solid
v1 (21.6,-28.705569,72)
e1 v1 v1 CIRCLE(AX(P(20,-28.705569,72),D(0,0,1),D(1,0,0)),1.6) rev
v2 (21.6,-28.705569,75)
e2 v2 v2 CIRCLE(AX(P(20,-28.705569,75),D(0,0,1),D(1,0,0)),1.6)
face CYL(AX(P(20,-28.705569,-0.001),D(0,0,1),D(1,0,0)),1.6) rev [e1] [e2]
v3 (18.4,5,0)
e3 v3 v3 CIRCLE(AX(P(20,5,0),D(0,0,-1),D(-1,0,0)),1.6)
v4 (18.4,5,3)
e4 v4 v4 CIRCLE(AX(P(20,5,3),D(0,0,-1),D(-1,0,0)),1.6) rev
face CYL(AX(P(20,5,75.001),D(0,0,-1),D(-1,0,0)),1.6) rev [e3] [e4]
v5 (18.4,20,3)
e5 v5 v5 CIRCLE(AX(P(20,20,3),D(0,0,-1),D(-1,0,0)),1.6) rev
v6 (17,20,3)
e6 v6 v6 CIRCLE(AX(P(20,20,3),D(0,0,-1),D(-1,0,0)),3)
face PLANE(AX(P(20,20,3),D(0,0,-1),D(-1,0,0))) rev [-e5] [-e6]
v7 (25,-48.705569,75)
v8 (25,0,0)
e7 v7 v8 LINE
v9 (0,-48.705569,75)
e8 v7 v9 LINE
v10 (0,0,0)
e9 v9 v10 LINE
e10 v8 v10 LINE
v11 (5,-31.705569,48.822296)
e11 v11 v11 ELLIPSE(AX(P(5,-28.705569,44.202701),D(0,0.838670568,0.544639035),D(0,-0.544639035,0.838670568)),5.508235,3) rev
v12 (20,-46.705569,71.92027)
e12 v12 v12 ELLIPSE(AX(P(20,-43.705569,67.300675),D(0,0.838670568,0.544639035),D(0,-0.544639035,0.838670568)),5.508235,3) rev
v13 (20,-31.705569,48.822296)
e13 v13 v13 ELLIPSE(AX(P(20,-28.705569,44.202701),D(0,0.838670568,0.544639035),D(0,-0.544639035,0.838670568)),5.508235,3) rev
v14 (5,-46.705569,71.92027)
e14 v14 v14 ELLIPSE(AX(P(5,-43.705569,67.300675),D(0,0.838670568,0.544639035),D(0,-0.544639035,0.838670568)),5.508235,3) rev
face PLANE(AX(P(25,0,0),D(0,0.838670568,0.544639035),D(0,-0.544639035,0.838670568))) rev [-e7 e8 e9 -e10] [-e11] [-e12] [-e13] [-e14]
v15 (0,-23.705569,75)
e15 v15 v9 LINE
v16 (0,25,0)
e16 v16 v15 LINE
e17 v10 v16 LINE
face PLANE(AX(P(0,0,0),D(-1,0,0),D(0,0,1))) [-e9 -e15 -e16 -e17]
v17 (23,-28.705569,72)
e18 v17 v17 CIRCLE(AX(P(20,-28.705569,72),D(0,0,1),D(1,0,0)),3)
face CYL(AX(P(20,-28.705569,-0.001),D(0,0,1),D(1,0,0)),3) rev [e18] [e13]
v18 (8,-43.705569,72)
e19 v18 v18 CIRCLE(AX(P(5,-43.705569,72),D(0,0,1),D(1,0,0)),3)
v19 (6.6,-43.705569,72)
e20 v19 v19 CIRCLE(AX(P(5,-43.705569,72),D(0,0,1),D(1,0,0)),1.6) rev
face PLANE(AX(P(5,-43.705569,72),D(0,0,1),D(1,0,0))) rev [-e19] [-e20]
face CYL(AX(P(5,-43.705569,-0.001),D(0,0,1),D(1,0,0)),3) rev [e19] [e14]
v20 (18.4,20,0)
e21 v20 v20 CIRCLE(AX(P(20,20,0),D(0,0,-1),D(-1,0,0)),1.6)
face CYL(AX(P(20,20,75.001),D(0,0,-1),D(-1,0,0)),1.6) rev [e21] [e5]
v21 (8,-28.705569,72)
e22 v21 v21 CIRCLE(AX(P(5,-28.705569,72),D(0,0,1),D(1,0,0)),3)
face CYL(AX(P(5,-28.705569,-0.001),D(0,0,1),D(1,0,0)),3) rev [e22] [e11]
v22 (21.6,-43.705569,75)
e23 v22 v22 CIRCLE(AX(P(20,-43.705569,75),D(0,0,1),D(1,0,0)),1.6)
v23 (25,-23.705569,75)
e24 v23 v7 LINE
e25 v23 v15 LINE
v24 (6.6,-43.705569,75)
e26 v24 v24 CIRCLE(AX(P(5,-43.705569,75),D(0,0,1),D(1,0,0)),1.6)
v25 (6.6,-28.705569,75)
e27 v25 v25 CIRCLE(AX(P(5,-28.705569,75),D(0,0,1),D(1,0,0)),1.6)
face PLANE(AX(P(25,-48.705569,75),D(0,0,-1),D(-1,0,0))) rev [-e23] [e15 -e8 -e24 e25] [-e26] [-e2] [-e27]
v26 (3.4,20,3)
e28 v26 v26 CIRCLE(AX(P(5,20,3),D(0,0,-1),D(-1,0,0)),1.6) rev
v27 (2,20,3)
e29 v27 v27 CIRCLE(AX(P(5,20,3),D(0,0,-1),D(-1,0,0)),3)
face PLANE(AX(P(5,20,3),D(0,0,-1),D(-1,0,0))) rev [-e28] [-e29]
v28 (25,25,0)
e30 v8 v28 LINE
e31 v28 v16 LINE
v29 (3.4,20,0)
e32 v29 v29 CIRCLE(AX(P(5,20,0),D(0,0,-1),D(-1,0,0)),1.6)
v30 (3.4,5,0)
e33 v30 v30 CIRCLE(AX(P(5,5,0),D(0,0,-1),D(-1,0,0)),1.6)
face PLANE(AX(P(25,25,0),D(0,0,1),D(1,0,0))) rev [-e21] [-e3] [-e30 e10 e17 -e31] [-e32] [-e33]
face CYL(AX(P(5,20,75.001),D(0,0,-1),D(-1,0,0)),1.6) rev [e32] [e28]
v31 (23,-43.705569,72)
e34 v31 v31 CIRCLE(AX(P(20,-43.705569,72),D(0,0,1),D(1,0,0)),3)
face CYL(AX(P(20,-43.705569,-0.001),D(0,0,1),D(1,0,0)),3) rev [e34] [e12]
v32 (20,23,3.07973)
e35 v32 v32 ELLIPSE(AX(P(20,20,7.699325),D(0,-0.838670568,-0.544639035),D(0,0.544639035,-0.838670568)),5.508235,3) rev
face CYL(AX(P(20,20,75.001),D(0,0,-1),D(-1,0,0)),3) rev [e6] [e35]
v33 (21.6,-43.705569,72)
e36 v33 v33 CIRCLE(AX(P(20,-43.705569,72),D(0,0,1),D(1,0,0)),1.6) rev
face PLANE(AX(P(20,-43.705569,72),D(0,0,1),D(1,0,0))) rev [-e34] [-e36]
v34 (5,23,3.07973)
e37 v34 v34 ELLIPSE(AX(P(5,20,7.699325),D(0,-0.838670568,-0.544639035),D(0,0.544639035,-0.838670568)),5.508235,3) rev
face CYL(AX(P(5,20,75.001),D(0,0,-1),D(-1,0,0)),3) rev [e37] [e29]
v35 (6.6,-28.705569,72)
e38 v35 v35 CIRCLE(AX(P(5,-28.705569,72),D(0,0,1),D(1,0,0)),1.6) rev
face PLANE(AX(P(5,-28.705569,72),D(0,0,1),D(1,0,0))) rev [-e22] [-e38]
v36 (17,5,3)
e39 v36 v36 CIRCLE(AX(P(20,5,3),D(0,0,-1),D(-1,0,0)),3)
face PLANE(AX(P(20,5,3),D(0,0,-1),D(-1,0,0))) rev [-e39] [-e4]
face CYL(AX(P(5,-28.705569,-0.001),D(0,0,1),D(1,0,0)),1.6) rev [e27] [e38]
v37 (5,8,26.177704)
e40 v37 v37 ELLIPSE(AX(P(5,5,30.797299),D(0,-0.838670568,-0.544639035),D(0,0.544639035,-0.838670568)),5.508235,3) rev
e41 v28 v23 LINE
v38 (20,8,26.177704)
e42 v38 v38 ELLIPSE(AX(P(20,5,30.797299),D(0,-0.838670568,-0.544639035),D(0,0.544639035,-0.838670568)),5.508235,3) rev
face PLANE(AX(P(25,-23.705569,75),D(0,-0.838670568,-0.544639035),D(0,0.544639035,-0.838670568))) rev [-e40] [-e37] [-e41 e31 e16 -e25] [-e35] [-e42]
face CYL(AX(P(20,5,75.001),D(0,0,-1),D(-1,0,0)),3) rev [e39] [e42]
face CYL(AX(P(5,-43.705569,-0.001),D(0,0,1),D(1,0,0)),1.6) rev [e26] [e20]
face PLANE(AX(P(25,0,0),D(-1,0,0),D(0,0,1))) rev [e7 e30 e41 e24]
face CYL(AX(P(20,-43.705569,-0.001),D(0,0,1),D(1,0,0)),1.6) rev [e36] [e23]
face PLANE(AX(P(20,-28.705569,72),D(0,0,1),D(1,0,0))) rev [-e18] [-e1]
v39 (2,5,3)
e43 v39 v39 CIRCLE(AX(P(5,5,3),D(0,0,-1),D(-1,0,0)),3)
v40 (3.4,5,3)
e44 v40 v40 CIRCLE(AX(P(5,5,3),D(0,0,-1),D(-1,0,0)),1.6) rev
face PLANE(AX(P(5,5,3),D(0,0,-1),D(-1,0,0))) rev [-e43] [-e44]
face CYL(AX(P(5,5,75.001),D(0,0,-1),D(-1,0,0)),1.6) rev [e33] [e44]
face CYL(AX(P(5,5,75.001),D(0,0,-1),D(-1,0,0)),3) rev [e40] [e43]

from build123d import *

# Parameters (mm, degrees)
BOSS_EXTRUDE1_DEPTH = 25
CUT_EXTRUDE7_REACH  = 97.856
CUT_EXTRUDE7_START  = -3
SKETCH3_R           = 3
SKETCH3_R_2         = 1.6
CUT_EXTRUDE8_REACH  = 94.856
SKETCH3_3_R         = 1.6
CUT_EXTRUDE9_REACH  = 97.856
CUT_EXTRUDE9_START  = -3
SKETCH4_R           = 3
SKETCH4_R_2         = 1.6
CUT_EXTRUDE10_REACH = 94.856
SKETCH4_2_R         = 1.6


with BuildPart() as part:
    # Sketch1 → Boss-Extrude1 (new body)
    with BuildSketch(Plane(origin=(0, 0, 0), x_dir=(0, 0, -1), z_dir=(1, 0, 0))):
        Polygon((0, 0), (-75, -48.70556949), (-75, -23.70556949), (0, 25), align=None)
    extrude(amount=BOSS_EXTRUDE1_DEPTH)

    # Sketch3 → Cut-Extrude7 (cut, up to next)
    with BuildSketch(Plane(origin=(0, 0, 0), x_dir=(-1, 0, 0), z_dir=(0, 0, -1)).offset(CUT_EXTRUDE7_START), mode=Mode.PRIVATE) as cut_extrude7_sk1:
        with Locations((-20, 20)):
            Circle(SKETCH3_R)
        with Locations((-20, 20)):
            Circle(SKETCH3_R_2, mode=Mode.SUBTRACT)
    cut_extrude7_tool1 = extrude(cut_extrude7_sk1.sketch, amount=-CUT_EXTRUDE7_REACH, mode=Mode.PRIVATE) & part.part
    # Sketch3 → Cut-Extrude7 (cut, up to next)
    with BuildSketch(Plane(origin=(0, 0, 0), x_dir=(-1, 0, 0), z_dir=(0, 0, -1)).offset(CUT_EXTRUDE7_START), mode=Mode.PRIVATE) as cut_extrude7_sk2:
        with Locations((-20, 5)):
            Circle(SKETCH3_R)
        with Locations((-20, 5)):
            Circle(SKETCH3_R_2, mode=Mode.SUBTRACT)
    cut_extrude7_tool2 = extrude(cut_extrude7_sk2.sketch, amount=-CUT_EXTRUDE7_REACH, mode=Mode.PRIVATE) & part.part
    # Sketch3 → Cut-Extrude7 (cut, up to next)
    with BuildSketch(Plane(origin=(0, 0, 0), x_dir=(-1, 0, 0), z_dir=(0, 0, -1)).offset(CUT_EXTRUDE7_START), mode=Mode.PRIVATE) as cut_extrude7_sk3:
        with Locations((-5, 5)):
            Circle(SKETCH3_R)
        with Locations((-5, 5)):
            Circle(SKETCH3_R_2, mode=Mode.SUBTRACT)
    cut_extrude7_tool3 = extrude(cut_extrude7_sk3.sketch, amount=-CUT_EXTRUDE7_REACH, mode=Mode.PRIVATE) & part.part
    # Sketch3 → Cut-Extrude7 (cut, up to next)
    with BuildSketch(Plane(origin=(0, 0, 0), x_dir=(-1, 0, 0), z_dir=(0, 0, -1)).offset(CUT_EXTRUDE7_START), mode=Mode.PRIVATE) as cut_extrude7_sk4:
        with Locations((-5, 20)):
            Circle(SKETCH3_R)
        with Locations((-5, 20)):
            Circle(SKETCH3_R_2, mode=Mode.SUBTRACT)
    cut_extrude7_tool4 = extrude(cut_extrude7_sk4.sketch, amount=-CUT_EXTRUDE7_REACH, mode=Mode.PRIVATE) & part.part
    add(cut_extrude7_tool1.solids().sort_by_distance((22.915147, 20, 3))[0], mode=Mode.SUBTRACT)
    add(cut_extrude7_tool2.solids().sort_by_distance((22.915147, 5, 3))[0], mode=Mode.SUBTRACT)
    add(cut_extrude7_tool3.solids().sort_by_distance((7.915147, 5, 3))[0], mode=Mode.SUBTRACT)
    add(cut_extrude7_tool4.solids().sort_by_distance((7.915147, 20, 3))[0], mode=Mode.SUBTRACT)

    # Sketch3<3> → Cut-Extrude8 (cut, up to next)
    with BuildSketch(Plane(origin=(0, 0, 0), x_dir=(-1, 0, 0), z_dir=(0, 0, -1)), mode=Mode.PRIVATE) as cut_extrude8_sk1:
        with Locations((-20, 20)):
            Circle(SKETCH3_3_R)
    cut_extrude8_tool1 = extrude(cut_extrude8_sk1.sketch, amount=-CUT_EXTRUDE8_REACH, mode=Mode.PRIVATE) & part.part
    # Sketch3<3> → Cut-Extrude8 (cut, up to next)
    with BuildSketch(Plane(origin=(0, 0, 0), x_dir=(-1, 0, 0), z_dir=(0, 0, -1)), mode=Mode.PRIVATE) as cut_extrude8_sk2:
        with Locations((-20, 5)):
            Circle(SKETCH3_3_R)
    cut_extrude8_tool2 = extrude(cut_extrude8_sk2.sketch, amount=-CUT_EXTRUDE8_REACH, mode=Mode.PRIVATE) & part.part
    # Sketch3<3> → Cut-Extrude8 (cut, up to next)
    with BuildSketch(Plane(origin=(0, 0, 0), x_dir=(-1, 0, 0), z_dir=(0, 0, -1)), mode=Mode.PRIVATE) as cut_extrude8_sk3:
        with Locations((-5, 5)):
            Circle(SKETCH3_3_R)
    cut_extrude8_tool3 = extrude(cut_extrude8_sk3.sketch, amount=-CUT_EXTRUDE8_REACH, mode=Mode.PRIVATE) & part.part
    # Sketch3<3> → Cut-Extrude8 (cut, up to next)
    with BuildSketch(Plane(origin=(0, 0, 0), x_dir=(-1, 0, 0), z_dir=(0, 0, -1)), mode=Mode.PRIVATE) as cut_extrude8_sk4:
        with Locations((-5, 20)):
            Circle(SKETCH3_3_R)
    cut_extrude8_tool4 = extrude(cut_extrude8_sk4.sketch, amount=-CUT_EXTRUDE8_REACH, mode=Mode.PRIVATE) & part.part
    add(cut_extrude8_tool1.solids().sort_by_distance((20, 20, 0))[0], mode=Mode.SUBTRACT)
    add(cut_extrude8_tool2.solids().sort_by_distance((20, 5, 0))[0], mode=Mode.SUBTRACT)
    add(cut_extrude8_tool3.solids().sort_by_distance((5, 5, 0))[0], mode=Mode.SUBTRACT)
    add(cut_extrude8_tool4.solids().sort_by_distance((5, 20, 0))[0], mode=Mode.SUBTRACT)

    # Sketch4 → Cut-Extrude9 (cut, up to next)
    with BuildSketch(Plane.XY.offset(75).offset(CUT_EXTRUDE9_START), mode=Mode.PRIVATE) as cut_extrude9_sk1:
        with Locations((5, -28.70556949)):
            Circle(SKETCH4_R)
        with Locations((5, -28.70556949)):
            Circle(SKETCH4_R_2, mode=Mode.SUBTRACT)
    cut_extrude9_tool1 = extrude(cut_extrude9_sk1.sketch, amount=-CUT_EXTRUDE9_REACH, mode=Mode.PRIVATE) & part.part
    # Sketch4 → Cut-Extrude9 (cut, up to next)
    with BuildSketch(Plane.XY.offset(75).offset(CUT_EXTRUDE9_START), mode=Mode.PRIVATE) as cut_extrude9_sk2:
        with Locations((5, -43.70556949)):
            Circle(SKETCH4_R)
        with Locations((5, -43.70556949)):
            Circle(SKETCH4_R_2, mode=Mode.SUBTRACT)
    cut_extrude9_tool2 = extrude(cut_extrude9_sk2.sketch, amount=-CUT_EXTRUDE9_REACH, mode=Mode.PRIVATE) & part.part
    # Sketch4 → Cut-Extrude9 (cut, up to next)
    with BuildSketch(Plane.XY.offset(75).offset(CUT_EXTRUDE9_START), mode=Mode.PRIVATE) as cut_extrude9_sk3:
        with Locations((20, -43.70556949)):
            Circle(SKETCH4_R)
        with Locations((20, -43.70556949)):
            Circle(SKETCH4_R_2, mode=Mode.SUBTRACT)
    cut_extrude9_tool3 = extrude(cut_extrude9_sk3.sketch, amount=-CUT_EXTRUDE9_REACH, mode=Mode.PRIVATE) & part.part
    # Sketch4 → Cut-Extrude9 (cut, up to next)
    with BuildSketch(Plane.XY.offset(75).offset(CUT_EXTRUDE9_START), mode=Mode.PRIVATE) as cut_extrude9_sk4:
        with Locations((20, -28.70556949)):
            Circle(SKETCH4_R)
        with Locations((20, -28.70556949)):
            Circle(SKETCH4_R_2, mode=Mode.SUBTRACT)
    cut_extrude9_tool4 = extrude(cut_extrude9_sk4.sketch, amount=-CUT_EXTRUDE9_REACH, mode=Mode.PRIVATE) & part.part
    add(cut_extrude9_tool1.solids().sort_by_distance((2.084853, -28.705569, 72))[0], mode=Mode.SUBTRACT)
    add(cut_extrude9_tool2.solids().sort_by_distance((2.084853, -43.705569, 72))[0], mode=Mode.SUBTRACT)
    add(cut_extrude9_tool3.solids().sort_by_distance((17.084853, -43.705569, 72))[0], mode=Mode.SUBTRACT)
    add(cut_extrude9_tool4.solids().sort_by_distance((17.084853, -28.705569, 72))[0], mode=Mode.SUBTRACT)

    # Sketch4<2> → Cut-Extrude10 (cut, up to next)
    with BuildSketch(Plane.XY.offset(75), mode=Mode.PRIVATE) as cut_extrude10_sk1:
        with Locations((5, -28.70556949)):
            Circle(SKETCH4_2_R)
    cut_extrude10_tool1 = extrude(cut_extrude10_sk1.sketch, amount=-CUT_EXTRUDE10_REACH, mode=Mode.PRIVATE) & part.part
    # Sketch4<2> → Cut-Extrude10 (cut, up to next)
    with BuildSketch(Plane.XY.offset(75), mode=Mode.PRIVATE) as cut_extrude10_sk2:
        with Locations((5, -43.70556949)):
            Circle(SKETCH4_2_R)
    cut_extrude10_tool2 = extrude(cut_extrude10_sk2.sketch, amount=-CUT_EXTRUDE10_REACH, mode=Mode.PRIVATE) & part.part
    # Sketch4<2> → Cut-Extrude10 (cut, up to next)
    with BuildSketch(Plane.XY.offset(75), mode=Mode.PRIVATE) as cut_extrude10_sk3:
        with Locations((20, -43.70556949)):
            Circle(SKETCH4_2_R)
    cut_extrude10_tool3 = extrude(cut_extrude10_sk3.sketch, amount=-CUT_EXTRUDE10_REACH, mode=Mode.PRIVATE) & part.part
    # Sketch4<2> → Cut-Extrude10 (cut, up to next)
    with BuildSketch(Plane.XY.offset(75), mode=Mode.PRIVATE) as cut_extrude10_sk4:
        with Locations((20, -28.70556949)):
            Circle(SKETCH4_2_R)
    cut_extrude10_tool4 = extrude(cut_extrude10_sk4.sketch, amount=-CUT_EXTRUDE10_REACH, mode=Mode.PRIVATE) & part.part
    add(cut_extrude10_tool1.solids().sort_by_distance((5, -28.705569, 75))[0], mode=Mode.SUBTRACT)
    add(cut_extrude10_tool2.solids().sort_by_distance((5, -43.705569, 75))[0], mode=Mode.SUBTRACT)
    add(cut_extrude10_tool3.solids().sort_by_distance((20, -43.705569, 75))[0], mode=Mode.SUBTRACT)
    add(cut_extrude10_tool4.solids().sort_by_distance((20, -28.705569, 75))[0], mode=Mode.SUBTRACT)


solid = part.part
